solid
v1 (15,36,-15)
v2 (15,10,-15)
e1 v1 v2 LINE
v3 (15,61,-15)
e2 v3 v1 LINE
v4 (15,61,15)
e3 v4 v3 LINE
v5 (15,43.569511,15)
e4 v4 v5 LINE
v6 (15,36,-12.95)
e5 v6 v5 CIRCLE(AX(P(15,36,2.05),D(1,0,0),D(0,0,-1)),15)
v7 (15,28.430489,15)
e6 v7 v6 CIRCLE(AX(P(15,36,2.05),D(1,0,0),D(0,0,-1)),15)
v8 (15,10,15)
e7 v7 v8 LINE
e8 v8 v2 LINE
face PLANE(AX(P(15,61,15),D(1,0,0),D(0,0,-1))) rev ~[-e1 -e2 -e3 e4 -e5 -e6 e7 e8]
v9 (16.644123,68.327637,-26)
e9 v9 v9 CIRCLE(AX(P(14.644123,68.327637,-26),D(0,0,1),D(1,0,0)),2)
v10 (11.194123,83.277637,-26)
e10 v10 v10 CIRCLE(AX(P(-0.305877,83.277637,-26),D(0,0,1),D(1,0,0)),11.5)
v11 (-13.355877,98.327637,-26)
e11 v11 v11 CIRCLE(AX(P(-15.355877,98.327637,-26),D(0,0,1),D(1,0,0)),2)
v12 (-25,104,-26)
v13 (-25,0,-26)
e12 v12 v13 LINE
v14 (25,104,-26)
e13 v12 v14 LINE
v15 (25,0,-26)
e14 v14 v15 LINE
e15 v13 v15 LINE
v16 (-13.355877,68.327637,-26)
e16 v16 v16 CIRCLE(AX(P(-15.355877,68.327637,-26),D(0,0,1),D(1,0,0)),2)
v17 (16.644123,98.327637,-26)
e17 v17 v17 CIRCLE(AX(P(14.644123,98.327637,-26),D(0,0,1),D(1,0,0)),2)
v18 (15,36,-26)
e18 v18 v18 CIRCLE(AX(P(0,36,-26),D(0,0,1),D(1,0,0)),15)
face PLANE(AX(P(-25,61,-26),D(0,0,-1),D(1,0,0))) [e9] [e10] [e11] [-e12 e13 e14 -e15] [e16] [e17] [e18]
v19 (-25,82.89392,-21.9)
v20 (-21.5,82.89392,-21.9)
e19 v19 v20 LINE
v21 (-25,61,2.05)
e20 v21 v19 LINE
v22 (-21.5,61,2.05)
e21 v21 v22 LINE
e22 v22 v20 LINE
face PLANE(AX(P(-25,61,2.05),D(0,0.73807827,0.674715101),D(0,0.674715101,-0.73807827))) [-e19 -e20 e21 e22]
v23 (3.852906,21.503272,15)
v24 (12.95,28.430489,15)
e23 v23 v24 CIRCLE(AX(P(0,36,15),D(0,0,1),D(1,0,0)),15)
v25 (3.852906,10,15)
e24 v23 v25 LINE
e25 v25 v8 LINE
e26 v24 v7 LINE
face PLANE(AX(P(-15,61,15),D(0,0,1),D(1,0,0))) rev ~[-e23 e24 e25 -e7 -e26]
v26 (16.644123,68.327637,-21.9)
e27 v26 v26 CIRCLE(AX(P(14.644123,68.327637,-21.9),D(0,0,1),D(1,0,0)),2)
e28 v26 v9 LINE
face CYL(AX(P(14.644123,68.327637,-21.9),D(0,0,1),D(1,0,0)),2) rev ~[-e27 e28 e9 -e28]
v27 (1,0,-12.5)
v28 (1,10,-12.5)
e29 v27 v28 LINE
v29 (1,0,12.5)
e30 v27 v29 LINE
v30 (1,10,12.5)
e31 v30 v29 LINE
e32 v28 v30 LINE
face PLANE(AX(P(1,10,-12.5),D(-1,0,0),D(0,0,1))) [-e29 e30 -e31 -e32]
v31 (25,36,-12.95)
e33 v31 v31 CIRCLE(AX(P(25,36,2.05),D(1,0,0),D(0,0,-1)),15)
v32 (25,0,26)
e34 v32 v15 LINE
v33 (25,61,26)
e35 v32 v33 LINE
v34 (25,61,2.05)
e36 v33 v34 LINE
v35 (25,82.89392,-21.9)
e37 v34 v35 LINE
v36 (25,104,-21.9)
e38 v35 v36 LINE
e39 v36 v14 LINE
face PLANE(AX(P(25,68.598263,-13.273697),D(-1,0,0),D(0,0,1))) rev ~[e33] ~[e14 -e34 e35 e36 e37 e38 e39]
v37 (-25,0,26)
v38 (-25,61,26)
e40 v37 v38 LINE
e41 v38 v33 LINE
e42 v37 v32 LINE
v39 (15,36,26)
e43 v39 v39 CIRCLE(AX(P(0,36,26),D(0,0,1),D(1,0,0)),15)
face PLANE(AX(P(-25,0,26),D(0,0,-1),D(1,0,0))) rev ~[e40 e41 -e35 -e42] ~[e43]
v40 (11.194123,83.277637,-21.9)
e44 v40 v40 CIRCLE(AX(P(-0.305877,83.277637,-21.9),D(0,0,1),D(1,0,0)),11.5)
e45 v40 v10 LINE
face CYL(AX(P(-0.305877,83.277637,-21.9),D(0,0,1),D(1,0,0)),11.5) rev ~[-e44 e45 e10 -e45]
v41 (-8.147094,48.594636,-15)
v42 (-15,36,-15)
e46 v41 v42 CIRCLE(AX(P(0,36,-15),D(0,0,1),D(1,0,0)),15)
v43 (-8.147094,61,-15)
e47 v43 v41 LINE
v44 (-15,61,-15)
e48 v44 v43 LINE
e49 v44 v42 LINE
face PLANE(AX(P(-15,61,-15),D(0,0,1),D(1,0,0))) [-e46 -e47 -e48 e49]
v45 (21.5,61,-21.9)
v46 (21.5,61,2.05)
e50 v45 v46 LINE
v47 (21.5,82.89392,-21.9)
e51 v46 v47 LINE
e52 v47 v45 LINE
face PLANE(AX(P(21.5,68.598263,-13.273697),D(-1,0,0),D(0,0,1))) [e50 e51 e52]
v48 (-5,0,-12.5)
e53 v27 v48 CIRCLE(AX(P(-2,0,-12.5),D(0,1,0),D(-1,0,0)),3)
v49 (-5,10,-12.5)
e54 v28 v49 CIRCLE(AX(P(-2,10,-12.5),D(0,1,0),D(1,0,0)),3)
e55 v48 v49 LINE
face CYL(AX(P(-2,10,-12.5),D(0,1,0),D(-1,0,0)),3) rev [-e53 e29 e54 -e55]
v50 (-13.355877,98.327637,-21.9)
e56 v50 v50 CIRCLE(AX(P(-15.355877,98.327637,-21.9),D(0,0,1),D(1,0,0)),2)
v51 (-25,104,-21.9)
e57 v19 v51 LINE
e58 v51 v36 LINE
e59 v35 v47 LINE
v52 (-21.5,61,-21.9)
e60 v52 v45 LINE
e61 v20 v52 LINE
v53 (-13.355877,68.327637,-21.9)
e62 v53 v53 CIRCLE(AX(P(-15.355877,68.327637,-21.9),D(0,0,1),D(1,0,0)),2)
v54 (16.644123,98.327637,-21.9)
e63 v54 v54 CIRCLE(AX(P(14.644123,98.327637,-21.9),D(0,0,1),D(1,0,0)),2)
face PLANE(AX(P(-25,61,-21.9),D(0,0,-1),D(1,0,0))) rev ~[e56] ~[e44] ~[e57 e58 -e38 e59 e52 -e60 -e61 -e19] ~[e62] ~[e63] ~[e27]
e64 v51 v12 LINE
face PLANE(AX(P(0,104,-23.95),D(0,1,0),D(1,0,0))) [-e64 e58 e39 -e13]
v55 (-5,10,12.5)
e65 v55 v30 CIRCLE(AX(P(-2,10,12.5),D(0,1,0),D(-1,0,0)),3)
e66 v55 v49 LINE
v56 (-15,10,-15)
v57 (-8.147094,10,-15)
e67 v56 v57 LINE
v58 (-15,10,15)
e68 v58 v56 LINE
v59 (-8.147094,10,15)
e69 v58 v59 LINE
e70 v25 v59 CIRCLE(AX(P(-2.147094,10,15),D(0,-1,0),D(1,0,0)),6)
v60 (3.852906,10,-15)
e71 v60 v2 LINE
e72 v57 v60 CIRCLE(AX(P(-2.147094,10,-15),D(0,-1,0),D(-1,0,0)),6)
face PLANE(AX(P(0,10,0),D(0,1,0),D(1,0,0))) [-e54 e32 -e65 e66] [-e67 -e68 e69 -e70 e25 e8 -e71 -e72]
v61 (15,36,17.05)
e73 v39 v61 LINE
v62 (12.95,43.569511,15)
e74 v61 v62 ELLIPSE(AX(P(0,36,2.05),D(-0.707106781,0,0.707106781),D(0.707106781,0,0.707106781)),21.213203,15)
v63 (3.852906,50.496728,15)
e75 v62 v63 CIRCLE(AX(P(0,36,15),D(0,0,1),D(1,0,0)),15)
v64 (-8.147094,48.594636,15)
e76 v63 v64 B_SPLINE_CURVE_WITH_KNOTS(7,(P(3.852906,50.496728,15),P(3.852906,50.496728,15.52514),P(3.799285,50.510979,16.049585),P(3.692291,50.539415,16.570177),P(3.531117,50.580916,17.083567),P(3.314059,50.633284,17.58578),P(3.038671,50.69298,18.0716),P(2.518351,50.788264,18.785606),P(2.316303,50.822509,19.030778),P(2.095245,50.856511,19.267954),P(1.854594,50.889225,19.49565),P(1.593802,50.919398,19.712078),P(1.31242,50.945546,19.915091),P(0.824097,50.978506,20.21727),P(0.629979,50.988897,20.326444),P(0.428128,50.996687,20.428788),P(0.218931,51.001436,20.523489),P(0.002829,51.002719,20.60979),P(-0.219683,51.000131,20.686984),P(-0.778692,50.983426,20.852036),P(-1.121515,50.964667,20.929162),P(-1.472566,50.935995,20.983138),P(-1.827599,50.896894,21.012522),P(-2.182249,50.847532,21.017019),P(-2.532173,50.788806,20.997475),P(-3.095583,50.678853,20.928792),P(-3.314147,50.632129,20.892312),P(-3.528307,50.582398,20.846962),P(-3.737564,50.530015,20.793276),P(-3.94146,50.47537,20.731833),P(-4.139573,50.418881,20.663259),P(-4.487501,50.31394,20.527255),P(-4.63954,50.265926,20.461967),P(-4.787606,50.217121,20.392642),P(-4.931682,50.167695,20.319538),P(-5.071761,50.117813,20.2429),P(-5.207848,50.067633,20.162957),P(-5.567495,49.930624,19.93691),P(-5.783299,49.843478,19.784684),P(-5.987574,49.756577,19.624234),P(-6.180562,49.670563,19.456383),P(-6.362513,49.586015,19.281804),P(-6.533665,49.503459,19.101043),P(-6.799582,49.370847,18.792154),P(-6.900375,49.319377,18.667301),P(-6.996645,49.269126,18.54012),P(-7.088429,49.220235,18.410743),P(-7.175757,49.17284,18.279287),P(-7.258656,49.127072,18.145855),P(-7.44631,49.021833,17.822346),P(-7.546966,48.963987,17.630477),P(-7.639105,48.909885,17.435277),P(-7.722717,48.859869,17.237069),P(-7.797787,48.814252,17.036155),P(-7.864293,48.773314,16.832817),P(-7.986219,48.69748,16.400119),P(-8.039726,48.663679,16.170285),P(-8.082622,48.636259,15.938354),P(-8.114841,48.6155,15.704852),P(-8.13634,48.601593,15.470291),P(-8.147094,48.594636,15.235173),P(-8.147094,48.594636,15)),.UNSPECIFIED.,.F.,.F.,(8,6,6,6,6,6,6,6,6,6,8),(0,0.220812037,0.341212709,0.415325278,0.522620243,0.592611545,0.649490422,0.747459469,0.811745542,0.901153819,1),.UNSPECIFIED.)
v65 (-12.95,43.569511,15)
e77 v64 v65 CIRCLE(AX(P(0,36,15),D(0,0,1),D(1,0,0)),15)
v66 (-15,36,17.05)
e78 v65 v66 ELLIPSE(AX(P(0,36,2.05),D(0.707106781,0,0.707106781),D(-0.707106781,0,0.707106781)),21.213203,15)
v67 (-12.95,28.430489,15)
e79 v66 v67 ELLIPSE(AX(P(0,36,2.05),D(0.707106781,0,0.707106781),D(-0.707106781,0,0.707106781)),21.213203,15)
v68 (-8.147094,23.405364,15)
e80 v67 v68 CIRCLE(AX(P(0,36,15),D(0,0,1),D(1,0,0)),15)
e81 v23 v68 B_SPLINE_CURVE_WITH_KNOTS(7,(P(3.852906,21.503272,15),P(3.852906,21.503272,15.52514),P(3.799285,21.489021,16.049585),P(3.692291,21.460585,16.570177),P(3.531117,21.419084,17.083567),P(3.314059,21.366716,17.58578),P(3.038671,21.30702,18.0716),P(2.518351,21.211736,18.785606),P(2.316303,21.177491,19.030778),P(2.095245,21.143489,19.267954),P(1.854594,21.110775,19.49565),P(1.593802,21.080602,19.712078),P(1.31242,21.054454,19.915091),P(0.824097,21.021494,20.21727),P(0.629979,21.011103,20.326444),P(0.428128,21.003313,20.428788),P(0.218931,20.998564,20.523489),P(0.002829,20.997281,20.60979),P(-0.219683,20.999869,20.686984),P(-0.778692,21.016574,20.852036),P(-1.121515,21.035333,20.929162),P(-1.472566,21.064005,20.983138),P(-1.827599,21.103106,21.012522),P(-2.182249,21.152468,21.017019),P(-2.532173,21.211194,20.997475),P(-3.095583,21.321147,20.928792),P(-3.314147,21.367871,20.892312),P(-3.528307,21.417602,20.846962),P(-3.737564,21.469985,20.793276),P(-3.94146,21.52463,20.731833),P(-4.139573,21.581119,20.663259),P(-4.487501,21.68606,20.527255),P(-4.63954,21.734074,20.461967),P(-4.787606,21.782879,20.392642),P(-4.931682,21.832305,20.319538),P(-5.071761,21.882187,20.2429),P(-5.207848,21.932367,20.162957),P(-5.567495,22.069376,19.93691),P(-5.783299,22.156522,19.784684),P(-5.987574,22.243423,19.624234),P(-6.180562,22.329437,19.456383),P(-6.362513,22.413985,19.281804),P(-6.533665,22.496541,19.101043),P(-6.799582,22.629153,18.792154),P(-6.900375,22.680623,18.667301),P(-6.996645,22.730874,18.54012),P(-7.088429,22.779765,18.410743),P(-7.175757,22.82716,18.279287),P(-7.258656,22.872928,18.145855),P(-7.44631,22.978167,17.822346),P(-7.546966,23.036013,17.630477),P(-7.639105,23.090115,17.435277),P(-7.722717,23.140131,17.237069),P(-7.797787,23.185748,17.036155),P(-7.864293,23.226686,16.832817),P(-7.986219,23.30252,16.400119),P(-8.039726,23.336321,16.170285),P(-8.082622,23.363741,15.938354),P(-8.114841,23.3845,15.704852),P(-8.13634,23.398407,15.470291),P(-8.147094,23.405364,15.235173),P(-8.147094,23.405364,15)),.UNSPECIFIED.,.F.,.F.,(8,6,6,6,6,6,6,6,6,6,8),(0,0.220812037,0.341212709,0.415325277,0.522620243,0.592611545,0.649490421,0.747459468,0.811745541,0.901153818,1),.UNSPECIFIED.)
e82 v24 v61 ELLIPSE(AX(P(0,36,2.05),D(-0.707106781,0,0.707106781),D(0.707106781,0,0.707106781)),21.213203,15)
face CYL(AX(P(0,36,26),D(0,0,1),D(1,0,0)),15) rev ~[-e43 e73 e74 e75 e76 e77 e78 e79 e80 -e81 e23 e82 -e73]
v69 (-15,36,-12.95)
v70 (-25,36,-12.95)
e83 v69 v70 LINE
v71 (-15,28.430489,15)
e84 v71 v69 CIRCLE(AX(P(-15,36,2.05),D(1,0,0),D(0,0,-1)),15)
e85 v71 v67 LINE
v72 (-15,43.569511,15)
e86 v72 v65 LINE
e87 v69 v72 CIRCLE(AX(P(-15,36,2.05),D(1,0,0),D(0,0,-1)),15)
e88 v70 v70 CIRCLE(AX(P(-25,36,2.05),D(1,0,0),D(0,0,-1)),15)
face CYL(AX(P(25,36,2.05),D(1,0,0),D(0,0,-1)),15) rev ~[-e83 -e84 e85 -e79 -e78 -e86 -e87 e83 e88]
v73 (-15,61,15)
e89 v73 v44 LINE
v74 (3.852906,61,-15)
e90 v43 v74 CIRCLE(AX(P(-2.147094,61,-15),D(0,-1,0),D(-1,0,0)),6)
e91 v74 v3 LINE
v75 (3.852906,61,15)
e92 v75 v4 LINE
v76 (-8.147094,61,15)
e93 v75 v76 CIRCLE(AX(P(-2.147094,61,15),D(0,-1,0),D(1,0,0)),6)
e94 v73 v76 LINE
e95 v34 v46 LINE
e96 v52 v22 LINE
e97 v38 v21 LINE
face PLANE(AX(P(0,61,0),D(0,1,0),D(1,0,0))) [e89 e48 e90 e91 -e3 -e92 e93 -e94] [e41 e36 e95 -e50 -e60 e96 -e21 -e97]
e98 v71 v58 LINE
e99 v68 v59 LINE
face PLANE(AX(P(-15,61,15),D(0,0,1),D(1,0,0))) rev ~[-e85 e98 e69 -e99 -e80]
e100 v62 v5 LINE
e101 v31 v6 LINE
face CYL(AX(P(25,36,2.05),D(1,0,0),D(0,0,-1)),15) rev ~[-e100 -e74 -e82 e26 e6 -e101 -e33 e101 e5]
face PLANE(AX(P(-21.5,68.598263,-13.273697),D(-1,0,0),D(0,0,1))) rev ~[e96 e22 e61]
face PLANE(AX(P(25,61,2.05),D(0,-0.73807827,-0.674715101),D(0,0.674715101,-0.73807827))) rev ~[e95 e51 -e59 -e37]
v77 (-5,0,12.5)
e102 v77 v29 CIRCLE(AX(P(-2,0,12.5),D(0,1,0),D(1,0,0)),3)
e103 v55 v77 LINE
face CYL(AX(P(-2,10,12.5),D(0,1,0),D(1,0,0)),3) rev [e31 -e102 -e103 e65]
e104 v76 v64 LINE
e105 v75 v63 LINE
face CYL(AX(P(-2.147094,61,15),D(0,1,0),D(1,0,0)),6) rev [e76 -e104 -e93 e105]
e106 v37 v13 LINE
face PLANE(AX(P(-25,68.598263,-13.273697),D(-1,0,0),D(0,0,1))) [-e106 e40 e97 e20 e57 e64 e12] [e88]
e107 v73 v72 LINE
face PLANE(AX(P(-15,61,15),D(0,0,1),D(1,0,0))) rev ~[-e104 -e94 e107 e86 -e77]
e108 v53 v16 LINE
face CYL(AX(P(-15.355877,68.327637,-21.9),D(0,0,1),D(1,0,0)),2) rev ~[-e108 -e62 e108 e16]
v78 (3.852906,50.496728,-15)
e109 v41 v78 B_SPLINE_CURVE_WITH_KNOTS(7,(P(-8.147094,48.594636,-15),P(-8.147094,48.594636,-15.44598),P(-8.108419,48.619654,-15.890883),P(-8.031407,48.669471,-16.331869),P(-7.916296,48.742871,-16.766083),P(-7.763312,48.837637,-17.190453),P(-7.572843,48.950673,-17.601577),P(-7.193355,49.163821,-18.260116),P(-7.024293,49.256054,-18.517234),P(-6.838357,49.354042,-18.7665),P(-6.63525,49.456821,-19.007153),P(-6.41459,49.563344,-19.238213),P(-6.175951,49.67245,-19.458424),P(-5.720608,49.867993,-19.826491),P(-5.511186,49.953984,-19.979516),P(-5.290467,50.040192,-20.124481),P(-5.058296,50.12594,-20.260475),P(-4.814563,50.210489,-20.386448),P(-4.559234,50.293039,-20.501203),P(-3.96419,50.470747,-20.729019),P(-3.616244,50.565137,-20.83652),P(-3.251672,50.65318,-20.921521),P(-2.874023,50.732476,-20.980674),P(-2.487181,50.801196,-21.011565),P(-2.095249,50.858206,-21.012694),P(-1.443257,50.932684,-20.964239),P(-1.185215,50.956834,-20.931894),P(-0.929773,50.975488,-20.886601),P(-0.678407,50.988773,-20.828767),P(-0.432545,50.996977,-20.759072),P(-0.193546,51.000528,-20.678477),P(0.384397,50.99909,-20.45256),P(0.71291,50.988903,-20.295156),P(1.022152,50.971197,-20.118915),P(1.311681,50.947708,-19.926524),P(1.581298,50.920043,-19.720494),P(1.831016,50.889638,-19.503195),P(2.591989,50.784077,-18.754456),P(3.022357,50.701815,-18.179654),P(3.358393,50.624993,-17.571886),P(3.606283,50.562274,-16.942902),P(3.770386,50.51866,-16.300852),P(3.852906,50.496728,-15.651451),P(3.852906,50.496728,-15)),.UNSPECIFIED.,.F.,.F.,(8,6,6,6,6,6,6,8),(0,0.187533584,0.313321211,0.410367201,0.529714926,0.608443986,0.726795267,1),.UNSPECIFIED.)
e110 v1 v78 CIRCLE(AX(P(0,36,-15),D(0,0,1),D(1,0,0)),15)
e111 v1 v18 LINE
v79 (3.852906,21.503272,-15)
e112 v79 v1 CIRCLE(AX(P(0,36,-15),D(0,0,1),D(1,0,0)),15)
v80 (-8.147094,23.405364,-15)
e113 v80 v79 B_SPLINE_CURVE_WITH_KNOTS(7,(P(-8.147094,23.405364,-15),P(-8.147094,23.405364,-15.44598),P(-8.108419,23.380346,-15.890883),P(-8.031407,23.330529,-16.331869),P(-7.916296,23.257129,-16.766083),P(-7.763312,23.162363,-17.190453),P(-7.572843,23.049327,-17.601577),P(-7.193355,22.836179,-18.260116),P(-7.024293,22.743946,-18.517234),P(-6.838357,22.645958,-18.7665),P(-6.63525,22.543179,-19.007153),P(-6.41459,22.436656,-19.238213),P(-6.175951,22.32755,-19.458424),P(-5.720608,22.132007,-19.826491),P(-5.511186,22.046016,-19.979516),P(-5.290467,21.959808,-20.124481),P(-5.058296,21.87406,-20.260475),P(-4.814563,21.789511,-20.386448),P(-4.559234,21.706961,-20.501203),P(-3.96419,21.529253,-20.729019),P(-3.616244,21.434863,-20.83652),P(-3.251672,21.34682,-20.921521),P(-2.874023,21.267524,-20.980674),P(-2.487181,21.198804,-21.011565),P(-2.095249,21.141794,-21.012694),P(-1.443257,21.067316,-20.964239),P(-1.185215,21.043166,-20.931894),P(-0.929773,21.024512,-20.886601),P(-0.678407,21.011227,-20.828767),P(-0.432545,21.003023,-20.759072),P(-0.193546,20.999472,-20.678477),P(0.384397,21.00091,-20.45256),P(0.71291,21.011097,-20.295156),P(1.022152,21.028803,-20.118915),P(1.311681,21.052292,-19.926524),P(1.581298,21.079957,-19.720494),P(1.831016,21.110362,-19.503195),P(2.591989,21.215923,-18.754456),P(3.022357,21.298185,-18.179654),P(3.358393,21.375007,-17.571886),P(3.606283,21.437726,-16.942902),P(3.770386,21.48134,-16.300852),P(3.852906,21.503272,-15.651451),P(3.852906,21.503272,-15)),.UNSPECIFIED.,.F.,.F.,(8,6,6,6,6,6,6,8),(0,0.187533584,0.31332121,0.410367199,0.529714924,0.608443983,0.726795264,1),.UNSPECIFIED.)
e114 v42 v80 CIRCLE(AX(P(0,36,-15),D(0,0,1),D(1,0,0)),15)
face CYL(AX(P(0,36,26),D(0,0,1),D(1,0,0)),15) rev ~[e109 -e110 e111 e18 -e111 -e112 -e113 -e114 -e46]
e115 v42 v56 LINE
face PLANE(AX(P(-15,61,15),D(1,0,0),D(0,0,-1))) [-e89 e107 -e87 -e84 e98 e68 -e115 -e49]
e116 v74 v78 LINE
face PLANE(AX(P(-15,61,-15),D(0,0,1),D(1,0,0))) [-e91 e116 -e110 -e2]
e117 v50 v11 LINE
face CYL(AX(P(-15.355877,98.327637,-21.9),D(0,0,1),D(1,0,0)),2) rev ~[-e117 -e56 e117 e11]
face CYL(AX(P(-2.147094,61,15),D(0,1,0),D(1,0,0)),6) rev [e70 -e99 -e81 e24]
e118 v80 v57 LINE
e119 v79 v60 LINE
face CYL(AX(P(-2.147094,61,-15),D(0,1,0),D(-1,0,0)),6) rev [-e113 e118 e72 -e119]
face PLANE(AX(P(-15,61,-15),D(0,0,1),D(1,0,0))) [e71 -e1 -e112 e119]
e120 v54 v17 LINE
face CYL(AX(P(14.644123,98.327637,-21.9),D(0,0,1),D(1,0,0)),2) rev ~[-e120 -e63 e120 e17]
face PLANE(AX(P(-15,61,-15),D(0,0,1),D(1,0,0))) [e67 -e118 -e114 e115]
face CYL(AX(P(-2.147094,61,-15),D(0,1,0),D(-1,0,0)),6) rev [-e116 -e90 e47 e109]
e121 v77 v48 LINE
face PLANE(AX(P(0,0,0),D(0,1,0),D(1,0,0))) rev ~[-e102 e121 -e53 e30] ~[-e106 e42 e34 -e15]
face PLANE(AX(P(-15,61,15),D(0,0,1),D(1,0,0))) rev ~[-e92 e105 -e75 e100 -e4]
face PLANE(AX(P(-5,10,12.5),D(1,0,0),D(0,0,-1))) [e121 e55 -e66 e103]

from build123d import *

# Parameters (mm, degrees)
SKETCH1_W           = 50
SKETCH1_H           = 52
BOSS_EXTRUDE1_DEPTH = 61
SKETCH2_W           = 30
SKETCH2_H           = 30
CUT_EXTRUDE1_DEPTH  = 51
CUT_EXTRUDE2_DEPTH  = 75
CUT_EXTRUDE3_DEPTH  = 51
SKETCH6_W           = 50
SKETCH6_H           = 4.1
BOSS_EXTRUDE2_DEPTH = 43
SKETCH8_R           = 11.5
SKETCH8_R_2         = 2
CUT_EXTRUDE4_DEPTH  = 43
BOSS_EXTRUDE3_DEPTH = 3.5
BOSS_EXTRUDE4_DEPTH = 3.5
SKETCH11_R          = 15
CUT_EXTRUDE5_DEPTH  = 98.5
SKETCH12_R          = 15
CUT_EXTRUDE6_DEPTH  = 98.5


with BuildPart() as part:
    # Sketch1 → Boss-Extrude1 (new body)
    with BuildSketch(Plane(origin=(0, 0, 0), x_dir=(1, 0, 0), z_dir=(0, 1, 0))):
        Rectangle(SKETCH1_W, SKETCH1_H)
    extrude(amount=BOSS_EXTRUDE1_DEPTH)

    # Sketch2 → Cut-Extrude1 (cut)
    with BuildSketch(Plane(origin=(0, 61, 0), x_dir=(1, 0, 0), z_dir=(0, 1, 0))):
        Rectangle(SKETCH2_W, SKETCH2_H)
    extrude(amount=-CUT_EXTRUDE1_DEPTH, mode=Mode.SUBTRACT)

    # Sketch3 → Cut-Extrude2 (cut, symmetric)
    with BuildSketch(Plane(origin=(0, 10, 0), x_dir=(1, 0, 0), z_dir=(0, 1, 0))):
        with BuildLine():
            Line((1, 12.5), (1, -12.5))
            ThreePointArc((1, -12.5), (-2, -15.5), (-5, -12.5))
            Line((-5, -12.5), (-5, 12.5))
            ThreePointArc((-5, 12.5), (-2, 15.5), (1, 12.5))
        make_face()
    extrude(amount=CUT_EXTRUDE2_DEPTH, both=True, mode=Mode.SUBTRACT)

    # Sketch5 → Cut-Extrude3 (cut)
    with BuildSketch(Plane(origin=(0, 61, 0), x_dir=(1, 0, 0), z_dir=(0, 1, 0))):
        with BuildLine():
            Line((3.852906206, 15), (3.852906206, -15))
            ThreePointArc((3.852906206, -15), (-2.147093794, -21), (-8.147093794, -15))
            Line((-8.147093794, -15), (-8.147093794, 15))
            ThreePointArc((-8.147093794, 15), (-2.147093794, 21), (3.852906206, 15))
        make_face()
    extrude(amount=-CUT_EXTRUDE3_DEPTH, mode=Mode.SUBTRACT)

    # Sketch6 → Boss-Extrude2 (add)
    with BuildSketch(Plane(origin=(0, 61, 0), x_dir=(1, 0, 0), z_dir=(0, 1, 0))):
        with Locations((0, 23.95)):
            Rectangle(SKETCH6_W, SKETCH6_H)
    extrude(amount=BOSS_EXTRUDE2_DEPTH)

    # Sketch8 → Cut-Extrude4 (cut)
    with BuildSketch(Plane.XY.offset(-21.9)):
        with Locations((-0.305876732, 83.277637399)):
            Circle(SKETCH8_R)
        with Locations((-15.355876732, 68.327637399)):
            Circle(SKETCH8_R_2)
        with Locations((-15.355876732, 98.327637399)):
            Circle(SKETCH8_R_2)
        with Locations((14.644123268, 68.327637399)):
            Circle(SKETCH8_R_2)
        with Locations((14.644123268, 98.327637399)):
            Circle(SKETCH8_R_2)
    extrude(amount=-CUT_EXTRUDE4_DEPTH, mode=Mode.SUBTRACT)

    # Sketch9 → Boss-Extrude3 (add)
    with BuildSketch(Plane.ZY.offset(25)):
        Polygon((-21.9, 61), (2.05, 61), (-21.9, 82.893920103), align=None)
    extrude(amount=-BOSS_EXTRUDE3_DEPTH)

    # Sketch10 → Boss-Extrude4 (add)
    with BuildSketch(Plane(origin=(25, 0, 0), x_dir=(0, 0, -1), z_dir=(1, 0, 0))):
        Polygon((21.9, 61), (-2.05, 61), (21.9, 82.893920103), align=None)
    extrude(amount=-BOSS_EXTRUDE4_DEPTH)

    # Sketch11 → Cut-Extrude5 (cut)
    with BuildSketch(Plane.XY.offset(26)):
        with Locations((0, 36)):
            Circle(SKETCH11_R)
    extrude(amount=-CUT_EXTRUDE5_DEPTH, mode=Mode.SUBTRACT)

    # Sketch12 → Cut-Extrude6 (cut)
    with BuildSketch(Plane(origin=(25, 0, 0), x_dir=(0, 0, -1), z_dir=(1, 0, 0))):
        with Locations((-2.05, 36)):
            Circle(SKETCH12_R)
    extrude(amount=-CUT_EXTRUDE6_DEPTH, mode=Mode.SUBTRACT)


solid = part.part
